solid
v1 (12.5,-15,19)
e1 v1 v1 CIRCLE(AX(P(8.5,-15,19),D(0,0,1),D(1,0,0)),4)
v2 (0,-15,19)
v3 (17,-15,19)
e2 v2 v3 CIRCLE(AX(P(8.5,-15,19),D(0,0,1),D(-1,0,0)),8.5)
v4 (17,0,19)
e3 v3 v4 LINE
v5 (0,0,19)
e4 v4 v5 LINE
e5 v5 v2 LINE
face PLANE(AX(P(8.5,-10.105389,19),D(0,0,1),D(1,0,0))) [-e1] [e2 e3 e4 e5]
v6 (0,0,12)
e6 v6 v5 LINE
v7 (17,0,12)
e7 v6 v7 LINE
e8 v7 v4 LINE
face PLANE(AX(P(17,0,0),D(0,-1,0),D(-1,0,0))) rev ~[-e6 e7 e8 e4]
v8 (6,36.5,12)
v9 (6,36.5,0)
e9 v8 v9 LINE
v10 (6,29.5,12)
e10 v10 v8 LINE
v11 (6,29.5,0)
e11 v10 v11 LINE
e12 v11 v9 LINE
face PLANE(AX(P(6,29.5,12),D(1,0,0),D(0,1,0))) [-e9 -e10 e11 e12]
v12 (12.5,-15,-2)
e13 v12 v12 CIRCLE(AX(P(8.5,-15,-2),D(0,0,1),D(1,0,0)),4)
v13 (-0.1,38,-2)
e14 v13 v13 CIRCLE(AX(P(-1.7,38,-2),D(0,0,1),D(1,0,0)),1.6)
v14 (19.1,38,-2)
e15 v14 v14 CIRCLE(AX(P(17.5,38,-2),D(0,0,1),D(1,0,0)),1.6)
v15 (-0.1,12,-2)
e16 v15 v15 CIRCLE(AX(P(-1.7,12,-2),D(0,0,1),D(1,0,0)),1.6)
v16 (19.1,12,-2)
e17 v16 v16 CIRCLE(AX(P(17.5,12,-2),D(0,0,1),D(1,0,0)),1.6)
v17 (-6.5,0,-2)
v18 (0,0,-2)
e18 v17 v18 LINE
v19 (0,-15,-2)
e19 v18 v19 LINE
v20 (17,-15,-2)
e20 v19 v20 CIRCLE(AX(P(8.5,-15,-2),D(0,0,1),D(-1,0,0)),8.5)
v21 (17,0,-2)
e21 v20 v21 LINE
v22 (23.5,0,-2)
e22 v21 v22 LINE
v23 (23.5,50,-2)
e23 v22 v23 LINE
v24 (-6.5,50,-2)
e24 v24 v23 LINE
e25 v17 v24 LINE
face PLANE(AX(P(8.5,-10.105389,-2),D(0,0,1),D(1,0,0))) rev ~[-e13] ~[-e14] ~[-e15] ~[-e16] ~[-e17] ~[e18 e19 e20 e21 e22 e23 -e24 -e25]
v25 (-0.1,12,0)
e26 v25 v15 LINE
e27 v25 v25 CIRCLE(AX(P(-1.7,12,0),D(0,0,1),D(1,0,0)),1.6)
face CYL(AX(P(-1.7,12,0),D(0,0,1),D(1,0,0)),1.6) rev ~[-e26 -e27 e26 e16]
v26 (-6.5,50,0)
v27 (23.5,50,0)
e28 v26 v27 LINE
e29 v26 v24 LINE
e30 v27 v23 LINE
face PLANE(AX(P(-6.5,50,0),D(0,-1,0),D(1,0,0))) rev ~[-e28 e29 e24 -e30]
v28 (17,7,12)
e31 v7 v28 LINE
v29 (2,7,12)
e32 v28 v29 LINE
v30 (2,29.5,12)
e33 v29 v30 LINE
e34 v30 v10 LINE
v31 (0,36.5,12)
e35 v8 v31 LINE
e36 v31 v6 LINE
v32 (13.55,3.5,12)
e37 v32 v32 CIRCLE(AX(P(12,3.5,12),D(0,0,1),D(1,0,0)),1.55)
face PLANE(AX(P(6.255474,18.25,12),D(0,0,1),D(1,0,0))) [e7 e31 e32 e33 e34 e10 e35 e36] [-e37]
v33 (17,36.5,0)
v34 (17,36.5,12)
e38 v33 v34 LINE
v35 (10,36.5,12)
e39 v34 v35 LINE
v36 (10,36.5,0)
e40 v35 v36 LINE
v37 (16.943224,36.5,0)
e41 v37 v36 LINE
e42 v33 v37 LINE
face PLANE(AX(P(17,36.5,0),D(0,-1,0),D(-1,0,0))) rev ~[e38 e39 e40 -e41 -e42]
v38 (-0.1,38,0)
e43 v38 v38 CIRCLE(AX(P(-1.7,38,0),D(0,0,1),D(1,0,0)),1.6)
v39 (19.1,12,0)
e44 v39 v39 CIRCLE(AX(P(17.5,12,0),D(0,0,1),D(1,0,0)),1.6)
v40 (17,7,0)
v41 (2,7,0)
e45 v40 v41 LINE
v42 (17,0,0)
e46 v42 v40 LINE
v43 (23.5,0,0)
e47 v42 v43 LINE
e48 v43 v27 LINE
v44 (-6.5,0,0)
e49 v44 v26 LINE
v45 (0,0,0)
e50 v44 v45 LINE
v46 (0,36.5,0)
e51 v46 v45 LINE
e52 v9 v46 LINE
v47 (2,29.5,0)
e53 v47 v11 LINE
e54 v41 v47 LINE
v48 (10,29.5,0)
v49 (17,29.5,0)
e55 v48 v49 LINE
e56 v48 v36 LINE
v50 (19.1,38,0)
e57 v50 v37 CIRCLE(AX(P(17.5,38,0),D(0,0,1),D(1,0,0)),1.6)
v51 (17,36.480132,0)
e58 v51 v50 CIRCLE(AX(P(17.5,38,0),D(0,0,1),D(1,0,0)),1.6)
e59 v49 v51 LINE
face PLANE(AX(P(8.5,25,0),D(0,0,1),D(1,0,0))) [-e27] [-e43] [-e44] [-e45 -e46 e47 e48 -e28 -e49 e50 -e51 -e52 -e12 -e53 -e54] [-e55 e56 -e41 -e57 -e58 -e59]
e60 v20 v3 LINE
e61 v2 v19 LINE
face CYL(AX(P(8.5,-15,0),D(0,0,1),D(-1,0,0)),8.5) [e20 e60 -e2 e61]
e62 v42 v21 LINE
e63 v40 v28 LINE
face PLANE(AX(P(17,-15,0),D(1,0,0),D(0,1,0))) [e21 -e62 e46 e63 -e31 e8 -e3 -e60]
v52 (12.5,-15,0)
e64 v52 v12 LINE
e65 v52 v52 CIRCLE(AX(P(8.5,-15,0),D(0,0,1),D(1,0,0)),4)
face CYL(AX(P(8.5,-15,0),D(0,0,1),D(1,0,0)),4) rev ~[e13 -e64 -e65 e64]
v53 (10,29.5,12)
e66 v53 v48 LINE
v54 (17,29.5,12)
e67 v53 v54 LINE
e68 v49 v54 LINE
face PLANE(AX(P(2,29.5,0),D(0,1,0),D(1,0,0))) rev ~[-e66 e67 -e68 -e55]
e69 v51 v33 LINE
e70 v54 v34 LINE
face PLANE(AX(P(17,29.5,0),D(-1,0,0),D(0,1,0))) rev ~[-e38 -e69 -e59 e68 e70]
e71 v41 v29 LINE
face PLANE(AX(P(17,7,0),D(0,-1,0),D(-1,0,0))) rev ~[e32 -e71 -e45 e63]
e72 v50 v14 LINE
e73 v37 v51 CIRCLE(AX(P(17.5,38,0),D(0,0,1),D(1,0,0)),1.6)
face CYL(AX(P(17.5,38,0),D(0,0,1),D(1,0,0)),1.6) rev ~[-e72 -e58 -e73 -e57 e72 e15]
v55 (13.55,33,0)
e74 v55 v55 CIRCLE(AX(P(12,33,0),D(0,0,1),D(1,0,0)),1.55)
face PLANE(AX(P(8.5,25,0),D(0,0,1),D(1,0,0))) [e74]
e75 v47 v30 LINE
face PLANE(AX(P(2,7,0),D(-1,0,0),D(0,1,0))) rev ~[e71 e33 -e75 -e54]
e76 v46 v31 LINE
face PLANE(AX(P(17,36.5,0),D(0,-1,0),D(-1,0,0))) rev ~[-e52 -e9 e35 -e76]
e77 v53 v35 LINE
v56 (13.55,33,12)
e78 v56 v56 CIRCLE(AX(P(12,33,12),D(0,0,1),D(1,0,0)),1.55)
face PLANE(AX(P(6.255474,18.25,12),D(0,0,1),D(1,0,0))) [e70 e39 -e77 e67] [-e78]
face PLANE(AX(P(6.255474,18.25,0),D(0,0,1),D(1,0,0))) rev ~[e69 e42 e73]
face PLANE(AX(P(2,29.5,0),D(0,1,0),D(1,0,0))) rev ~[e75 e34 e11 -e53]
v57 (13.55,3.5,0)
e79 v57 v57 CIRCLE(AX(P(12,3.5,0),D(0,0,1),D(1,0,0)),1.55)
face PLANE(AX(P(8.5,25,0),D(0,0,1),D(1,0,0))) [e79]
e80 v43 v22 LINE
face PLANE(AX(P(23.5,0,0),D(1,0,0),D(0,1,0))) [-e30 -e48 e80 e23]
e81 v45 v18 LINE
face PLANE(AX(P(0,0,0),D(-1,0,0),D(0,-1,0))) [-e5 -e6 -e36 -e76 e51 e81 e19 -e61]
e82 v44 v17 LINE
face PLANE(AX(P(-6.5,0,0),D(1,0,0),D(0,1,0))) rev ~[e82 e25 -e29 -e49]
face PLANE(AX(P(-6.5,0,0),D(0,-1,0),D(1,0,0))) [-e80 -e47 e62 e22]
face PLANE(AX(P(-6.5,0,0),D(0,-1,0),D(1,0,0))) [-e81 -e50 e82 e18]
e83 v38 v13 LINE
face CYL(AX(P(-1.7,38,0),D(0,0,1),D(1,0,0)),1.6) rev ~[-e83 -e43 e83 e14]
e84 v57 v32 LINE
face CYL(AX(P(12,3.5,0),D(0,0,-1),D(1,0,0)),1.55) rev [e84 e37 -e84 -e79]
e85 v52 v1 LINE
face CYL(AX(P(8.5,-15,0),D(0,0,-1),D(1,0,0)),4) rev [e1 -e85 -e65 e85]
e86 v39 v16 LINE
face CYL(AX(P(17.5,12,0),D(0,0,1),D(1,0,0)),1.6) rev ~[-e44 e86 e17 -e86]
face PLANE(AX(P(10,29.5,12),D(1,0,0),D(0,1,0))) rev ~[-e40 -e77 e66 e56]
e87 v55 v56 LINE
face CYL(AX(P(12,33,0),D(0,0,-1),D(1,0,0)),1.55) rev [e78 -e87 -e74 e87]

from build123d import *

# Parameters (mm, degrees)
SKETCH_R          = 1.55
PAD_DEPTH         = 12
SKETCH001_W       = 30
SKETCH001_H       = 50
SKETCH001_R       = 1.6
PAD001_DEPTH      = 2
SKETCH002_W       = 4
SKETCH002_H       = 7
POCKET_DEPTH      = 12
SKETCH004_R       = 4
PAD002_DEPTH      = 19
PAD002_DEPTH_BACK = 2


with BuildPart() as part:
    # Sketch → Pad (new body)
    with BuildSketch(Plane.XY):
        Polygon((0, 0), (17, 0), (17, 7), (2, 7), (2, 29.5), (17, 29.5), (17, 36.5), (0, 36.5), align=None)
        with Locations((12, 33)):
            Circle(SKETCH_R, mode=Mode.SUBTRACT)
        with Locations((12, 3.5)):
            Circle(SKETCH_R, mode=Mode.SUBTRACT)
    extrude(amount=PAD_DEPTH)

    # Sketch001 → Pad001 (join)
    with BuildSketch(Plane.XY):
        with Locations((8.5, 25)):
            Rectangle(SKETCH001_W, SKETCH001_H)
        with Locations((-1.7, 38)):
            Circle(SKETCH001_R, mode=Mode.SUBTRACT)
        with Locations((-1.7, 12)):
            Circle(SKETCH001_R, mode=Mode.SUBTRACT)
        with Locations((17.5, 12)):
            Circle(SKETCH001_R, mode=Mode.SUBTRACT)
        with Locations((17.5, 38)):
            Circle(SKETCH001_R, mode=Mode.SUBTRACT)
    extrude(amount=-PAD001_DEPTH)

    # Sketch002 (on DatumPlane) → Pocket (cut)
    with BuildSketch(Plane.XY.offset(12)):
        with Locations((8, 33)):
            Rectangle(SKETCH002_W, SKETCH002_H)
    extrude(amount=-POCKET_DEPTH, mode=Mode.SUBTRACT)

    # Sketch004 → Pad002 (join, two sides)
    with BuildSketch(Plane.XY) as pad002_sk:
        with BuildLine():
            ThreePointArc((0, -15), (8.5, -23.5), (17, -15))
            Line((17, -15), (17, 0))
            Line((17, 0), (0, 0))
            Line((0, 0), (0, -15))
        make_face()
        with Locations((8.5, -15)):
            Circle(SKETCH004_R, mode=Mode.SUBTRACT)
    extrude(amount=PAD002_DEPTH)
    extrude(pad002_sk.sketch, amount=-PAD002_DEPTH_BACK)


solid = part.part
